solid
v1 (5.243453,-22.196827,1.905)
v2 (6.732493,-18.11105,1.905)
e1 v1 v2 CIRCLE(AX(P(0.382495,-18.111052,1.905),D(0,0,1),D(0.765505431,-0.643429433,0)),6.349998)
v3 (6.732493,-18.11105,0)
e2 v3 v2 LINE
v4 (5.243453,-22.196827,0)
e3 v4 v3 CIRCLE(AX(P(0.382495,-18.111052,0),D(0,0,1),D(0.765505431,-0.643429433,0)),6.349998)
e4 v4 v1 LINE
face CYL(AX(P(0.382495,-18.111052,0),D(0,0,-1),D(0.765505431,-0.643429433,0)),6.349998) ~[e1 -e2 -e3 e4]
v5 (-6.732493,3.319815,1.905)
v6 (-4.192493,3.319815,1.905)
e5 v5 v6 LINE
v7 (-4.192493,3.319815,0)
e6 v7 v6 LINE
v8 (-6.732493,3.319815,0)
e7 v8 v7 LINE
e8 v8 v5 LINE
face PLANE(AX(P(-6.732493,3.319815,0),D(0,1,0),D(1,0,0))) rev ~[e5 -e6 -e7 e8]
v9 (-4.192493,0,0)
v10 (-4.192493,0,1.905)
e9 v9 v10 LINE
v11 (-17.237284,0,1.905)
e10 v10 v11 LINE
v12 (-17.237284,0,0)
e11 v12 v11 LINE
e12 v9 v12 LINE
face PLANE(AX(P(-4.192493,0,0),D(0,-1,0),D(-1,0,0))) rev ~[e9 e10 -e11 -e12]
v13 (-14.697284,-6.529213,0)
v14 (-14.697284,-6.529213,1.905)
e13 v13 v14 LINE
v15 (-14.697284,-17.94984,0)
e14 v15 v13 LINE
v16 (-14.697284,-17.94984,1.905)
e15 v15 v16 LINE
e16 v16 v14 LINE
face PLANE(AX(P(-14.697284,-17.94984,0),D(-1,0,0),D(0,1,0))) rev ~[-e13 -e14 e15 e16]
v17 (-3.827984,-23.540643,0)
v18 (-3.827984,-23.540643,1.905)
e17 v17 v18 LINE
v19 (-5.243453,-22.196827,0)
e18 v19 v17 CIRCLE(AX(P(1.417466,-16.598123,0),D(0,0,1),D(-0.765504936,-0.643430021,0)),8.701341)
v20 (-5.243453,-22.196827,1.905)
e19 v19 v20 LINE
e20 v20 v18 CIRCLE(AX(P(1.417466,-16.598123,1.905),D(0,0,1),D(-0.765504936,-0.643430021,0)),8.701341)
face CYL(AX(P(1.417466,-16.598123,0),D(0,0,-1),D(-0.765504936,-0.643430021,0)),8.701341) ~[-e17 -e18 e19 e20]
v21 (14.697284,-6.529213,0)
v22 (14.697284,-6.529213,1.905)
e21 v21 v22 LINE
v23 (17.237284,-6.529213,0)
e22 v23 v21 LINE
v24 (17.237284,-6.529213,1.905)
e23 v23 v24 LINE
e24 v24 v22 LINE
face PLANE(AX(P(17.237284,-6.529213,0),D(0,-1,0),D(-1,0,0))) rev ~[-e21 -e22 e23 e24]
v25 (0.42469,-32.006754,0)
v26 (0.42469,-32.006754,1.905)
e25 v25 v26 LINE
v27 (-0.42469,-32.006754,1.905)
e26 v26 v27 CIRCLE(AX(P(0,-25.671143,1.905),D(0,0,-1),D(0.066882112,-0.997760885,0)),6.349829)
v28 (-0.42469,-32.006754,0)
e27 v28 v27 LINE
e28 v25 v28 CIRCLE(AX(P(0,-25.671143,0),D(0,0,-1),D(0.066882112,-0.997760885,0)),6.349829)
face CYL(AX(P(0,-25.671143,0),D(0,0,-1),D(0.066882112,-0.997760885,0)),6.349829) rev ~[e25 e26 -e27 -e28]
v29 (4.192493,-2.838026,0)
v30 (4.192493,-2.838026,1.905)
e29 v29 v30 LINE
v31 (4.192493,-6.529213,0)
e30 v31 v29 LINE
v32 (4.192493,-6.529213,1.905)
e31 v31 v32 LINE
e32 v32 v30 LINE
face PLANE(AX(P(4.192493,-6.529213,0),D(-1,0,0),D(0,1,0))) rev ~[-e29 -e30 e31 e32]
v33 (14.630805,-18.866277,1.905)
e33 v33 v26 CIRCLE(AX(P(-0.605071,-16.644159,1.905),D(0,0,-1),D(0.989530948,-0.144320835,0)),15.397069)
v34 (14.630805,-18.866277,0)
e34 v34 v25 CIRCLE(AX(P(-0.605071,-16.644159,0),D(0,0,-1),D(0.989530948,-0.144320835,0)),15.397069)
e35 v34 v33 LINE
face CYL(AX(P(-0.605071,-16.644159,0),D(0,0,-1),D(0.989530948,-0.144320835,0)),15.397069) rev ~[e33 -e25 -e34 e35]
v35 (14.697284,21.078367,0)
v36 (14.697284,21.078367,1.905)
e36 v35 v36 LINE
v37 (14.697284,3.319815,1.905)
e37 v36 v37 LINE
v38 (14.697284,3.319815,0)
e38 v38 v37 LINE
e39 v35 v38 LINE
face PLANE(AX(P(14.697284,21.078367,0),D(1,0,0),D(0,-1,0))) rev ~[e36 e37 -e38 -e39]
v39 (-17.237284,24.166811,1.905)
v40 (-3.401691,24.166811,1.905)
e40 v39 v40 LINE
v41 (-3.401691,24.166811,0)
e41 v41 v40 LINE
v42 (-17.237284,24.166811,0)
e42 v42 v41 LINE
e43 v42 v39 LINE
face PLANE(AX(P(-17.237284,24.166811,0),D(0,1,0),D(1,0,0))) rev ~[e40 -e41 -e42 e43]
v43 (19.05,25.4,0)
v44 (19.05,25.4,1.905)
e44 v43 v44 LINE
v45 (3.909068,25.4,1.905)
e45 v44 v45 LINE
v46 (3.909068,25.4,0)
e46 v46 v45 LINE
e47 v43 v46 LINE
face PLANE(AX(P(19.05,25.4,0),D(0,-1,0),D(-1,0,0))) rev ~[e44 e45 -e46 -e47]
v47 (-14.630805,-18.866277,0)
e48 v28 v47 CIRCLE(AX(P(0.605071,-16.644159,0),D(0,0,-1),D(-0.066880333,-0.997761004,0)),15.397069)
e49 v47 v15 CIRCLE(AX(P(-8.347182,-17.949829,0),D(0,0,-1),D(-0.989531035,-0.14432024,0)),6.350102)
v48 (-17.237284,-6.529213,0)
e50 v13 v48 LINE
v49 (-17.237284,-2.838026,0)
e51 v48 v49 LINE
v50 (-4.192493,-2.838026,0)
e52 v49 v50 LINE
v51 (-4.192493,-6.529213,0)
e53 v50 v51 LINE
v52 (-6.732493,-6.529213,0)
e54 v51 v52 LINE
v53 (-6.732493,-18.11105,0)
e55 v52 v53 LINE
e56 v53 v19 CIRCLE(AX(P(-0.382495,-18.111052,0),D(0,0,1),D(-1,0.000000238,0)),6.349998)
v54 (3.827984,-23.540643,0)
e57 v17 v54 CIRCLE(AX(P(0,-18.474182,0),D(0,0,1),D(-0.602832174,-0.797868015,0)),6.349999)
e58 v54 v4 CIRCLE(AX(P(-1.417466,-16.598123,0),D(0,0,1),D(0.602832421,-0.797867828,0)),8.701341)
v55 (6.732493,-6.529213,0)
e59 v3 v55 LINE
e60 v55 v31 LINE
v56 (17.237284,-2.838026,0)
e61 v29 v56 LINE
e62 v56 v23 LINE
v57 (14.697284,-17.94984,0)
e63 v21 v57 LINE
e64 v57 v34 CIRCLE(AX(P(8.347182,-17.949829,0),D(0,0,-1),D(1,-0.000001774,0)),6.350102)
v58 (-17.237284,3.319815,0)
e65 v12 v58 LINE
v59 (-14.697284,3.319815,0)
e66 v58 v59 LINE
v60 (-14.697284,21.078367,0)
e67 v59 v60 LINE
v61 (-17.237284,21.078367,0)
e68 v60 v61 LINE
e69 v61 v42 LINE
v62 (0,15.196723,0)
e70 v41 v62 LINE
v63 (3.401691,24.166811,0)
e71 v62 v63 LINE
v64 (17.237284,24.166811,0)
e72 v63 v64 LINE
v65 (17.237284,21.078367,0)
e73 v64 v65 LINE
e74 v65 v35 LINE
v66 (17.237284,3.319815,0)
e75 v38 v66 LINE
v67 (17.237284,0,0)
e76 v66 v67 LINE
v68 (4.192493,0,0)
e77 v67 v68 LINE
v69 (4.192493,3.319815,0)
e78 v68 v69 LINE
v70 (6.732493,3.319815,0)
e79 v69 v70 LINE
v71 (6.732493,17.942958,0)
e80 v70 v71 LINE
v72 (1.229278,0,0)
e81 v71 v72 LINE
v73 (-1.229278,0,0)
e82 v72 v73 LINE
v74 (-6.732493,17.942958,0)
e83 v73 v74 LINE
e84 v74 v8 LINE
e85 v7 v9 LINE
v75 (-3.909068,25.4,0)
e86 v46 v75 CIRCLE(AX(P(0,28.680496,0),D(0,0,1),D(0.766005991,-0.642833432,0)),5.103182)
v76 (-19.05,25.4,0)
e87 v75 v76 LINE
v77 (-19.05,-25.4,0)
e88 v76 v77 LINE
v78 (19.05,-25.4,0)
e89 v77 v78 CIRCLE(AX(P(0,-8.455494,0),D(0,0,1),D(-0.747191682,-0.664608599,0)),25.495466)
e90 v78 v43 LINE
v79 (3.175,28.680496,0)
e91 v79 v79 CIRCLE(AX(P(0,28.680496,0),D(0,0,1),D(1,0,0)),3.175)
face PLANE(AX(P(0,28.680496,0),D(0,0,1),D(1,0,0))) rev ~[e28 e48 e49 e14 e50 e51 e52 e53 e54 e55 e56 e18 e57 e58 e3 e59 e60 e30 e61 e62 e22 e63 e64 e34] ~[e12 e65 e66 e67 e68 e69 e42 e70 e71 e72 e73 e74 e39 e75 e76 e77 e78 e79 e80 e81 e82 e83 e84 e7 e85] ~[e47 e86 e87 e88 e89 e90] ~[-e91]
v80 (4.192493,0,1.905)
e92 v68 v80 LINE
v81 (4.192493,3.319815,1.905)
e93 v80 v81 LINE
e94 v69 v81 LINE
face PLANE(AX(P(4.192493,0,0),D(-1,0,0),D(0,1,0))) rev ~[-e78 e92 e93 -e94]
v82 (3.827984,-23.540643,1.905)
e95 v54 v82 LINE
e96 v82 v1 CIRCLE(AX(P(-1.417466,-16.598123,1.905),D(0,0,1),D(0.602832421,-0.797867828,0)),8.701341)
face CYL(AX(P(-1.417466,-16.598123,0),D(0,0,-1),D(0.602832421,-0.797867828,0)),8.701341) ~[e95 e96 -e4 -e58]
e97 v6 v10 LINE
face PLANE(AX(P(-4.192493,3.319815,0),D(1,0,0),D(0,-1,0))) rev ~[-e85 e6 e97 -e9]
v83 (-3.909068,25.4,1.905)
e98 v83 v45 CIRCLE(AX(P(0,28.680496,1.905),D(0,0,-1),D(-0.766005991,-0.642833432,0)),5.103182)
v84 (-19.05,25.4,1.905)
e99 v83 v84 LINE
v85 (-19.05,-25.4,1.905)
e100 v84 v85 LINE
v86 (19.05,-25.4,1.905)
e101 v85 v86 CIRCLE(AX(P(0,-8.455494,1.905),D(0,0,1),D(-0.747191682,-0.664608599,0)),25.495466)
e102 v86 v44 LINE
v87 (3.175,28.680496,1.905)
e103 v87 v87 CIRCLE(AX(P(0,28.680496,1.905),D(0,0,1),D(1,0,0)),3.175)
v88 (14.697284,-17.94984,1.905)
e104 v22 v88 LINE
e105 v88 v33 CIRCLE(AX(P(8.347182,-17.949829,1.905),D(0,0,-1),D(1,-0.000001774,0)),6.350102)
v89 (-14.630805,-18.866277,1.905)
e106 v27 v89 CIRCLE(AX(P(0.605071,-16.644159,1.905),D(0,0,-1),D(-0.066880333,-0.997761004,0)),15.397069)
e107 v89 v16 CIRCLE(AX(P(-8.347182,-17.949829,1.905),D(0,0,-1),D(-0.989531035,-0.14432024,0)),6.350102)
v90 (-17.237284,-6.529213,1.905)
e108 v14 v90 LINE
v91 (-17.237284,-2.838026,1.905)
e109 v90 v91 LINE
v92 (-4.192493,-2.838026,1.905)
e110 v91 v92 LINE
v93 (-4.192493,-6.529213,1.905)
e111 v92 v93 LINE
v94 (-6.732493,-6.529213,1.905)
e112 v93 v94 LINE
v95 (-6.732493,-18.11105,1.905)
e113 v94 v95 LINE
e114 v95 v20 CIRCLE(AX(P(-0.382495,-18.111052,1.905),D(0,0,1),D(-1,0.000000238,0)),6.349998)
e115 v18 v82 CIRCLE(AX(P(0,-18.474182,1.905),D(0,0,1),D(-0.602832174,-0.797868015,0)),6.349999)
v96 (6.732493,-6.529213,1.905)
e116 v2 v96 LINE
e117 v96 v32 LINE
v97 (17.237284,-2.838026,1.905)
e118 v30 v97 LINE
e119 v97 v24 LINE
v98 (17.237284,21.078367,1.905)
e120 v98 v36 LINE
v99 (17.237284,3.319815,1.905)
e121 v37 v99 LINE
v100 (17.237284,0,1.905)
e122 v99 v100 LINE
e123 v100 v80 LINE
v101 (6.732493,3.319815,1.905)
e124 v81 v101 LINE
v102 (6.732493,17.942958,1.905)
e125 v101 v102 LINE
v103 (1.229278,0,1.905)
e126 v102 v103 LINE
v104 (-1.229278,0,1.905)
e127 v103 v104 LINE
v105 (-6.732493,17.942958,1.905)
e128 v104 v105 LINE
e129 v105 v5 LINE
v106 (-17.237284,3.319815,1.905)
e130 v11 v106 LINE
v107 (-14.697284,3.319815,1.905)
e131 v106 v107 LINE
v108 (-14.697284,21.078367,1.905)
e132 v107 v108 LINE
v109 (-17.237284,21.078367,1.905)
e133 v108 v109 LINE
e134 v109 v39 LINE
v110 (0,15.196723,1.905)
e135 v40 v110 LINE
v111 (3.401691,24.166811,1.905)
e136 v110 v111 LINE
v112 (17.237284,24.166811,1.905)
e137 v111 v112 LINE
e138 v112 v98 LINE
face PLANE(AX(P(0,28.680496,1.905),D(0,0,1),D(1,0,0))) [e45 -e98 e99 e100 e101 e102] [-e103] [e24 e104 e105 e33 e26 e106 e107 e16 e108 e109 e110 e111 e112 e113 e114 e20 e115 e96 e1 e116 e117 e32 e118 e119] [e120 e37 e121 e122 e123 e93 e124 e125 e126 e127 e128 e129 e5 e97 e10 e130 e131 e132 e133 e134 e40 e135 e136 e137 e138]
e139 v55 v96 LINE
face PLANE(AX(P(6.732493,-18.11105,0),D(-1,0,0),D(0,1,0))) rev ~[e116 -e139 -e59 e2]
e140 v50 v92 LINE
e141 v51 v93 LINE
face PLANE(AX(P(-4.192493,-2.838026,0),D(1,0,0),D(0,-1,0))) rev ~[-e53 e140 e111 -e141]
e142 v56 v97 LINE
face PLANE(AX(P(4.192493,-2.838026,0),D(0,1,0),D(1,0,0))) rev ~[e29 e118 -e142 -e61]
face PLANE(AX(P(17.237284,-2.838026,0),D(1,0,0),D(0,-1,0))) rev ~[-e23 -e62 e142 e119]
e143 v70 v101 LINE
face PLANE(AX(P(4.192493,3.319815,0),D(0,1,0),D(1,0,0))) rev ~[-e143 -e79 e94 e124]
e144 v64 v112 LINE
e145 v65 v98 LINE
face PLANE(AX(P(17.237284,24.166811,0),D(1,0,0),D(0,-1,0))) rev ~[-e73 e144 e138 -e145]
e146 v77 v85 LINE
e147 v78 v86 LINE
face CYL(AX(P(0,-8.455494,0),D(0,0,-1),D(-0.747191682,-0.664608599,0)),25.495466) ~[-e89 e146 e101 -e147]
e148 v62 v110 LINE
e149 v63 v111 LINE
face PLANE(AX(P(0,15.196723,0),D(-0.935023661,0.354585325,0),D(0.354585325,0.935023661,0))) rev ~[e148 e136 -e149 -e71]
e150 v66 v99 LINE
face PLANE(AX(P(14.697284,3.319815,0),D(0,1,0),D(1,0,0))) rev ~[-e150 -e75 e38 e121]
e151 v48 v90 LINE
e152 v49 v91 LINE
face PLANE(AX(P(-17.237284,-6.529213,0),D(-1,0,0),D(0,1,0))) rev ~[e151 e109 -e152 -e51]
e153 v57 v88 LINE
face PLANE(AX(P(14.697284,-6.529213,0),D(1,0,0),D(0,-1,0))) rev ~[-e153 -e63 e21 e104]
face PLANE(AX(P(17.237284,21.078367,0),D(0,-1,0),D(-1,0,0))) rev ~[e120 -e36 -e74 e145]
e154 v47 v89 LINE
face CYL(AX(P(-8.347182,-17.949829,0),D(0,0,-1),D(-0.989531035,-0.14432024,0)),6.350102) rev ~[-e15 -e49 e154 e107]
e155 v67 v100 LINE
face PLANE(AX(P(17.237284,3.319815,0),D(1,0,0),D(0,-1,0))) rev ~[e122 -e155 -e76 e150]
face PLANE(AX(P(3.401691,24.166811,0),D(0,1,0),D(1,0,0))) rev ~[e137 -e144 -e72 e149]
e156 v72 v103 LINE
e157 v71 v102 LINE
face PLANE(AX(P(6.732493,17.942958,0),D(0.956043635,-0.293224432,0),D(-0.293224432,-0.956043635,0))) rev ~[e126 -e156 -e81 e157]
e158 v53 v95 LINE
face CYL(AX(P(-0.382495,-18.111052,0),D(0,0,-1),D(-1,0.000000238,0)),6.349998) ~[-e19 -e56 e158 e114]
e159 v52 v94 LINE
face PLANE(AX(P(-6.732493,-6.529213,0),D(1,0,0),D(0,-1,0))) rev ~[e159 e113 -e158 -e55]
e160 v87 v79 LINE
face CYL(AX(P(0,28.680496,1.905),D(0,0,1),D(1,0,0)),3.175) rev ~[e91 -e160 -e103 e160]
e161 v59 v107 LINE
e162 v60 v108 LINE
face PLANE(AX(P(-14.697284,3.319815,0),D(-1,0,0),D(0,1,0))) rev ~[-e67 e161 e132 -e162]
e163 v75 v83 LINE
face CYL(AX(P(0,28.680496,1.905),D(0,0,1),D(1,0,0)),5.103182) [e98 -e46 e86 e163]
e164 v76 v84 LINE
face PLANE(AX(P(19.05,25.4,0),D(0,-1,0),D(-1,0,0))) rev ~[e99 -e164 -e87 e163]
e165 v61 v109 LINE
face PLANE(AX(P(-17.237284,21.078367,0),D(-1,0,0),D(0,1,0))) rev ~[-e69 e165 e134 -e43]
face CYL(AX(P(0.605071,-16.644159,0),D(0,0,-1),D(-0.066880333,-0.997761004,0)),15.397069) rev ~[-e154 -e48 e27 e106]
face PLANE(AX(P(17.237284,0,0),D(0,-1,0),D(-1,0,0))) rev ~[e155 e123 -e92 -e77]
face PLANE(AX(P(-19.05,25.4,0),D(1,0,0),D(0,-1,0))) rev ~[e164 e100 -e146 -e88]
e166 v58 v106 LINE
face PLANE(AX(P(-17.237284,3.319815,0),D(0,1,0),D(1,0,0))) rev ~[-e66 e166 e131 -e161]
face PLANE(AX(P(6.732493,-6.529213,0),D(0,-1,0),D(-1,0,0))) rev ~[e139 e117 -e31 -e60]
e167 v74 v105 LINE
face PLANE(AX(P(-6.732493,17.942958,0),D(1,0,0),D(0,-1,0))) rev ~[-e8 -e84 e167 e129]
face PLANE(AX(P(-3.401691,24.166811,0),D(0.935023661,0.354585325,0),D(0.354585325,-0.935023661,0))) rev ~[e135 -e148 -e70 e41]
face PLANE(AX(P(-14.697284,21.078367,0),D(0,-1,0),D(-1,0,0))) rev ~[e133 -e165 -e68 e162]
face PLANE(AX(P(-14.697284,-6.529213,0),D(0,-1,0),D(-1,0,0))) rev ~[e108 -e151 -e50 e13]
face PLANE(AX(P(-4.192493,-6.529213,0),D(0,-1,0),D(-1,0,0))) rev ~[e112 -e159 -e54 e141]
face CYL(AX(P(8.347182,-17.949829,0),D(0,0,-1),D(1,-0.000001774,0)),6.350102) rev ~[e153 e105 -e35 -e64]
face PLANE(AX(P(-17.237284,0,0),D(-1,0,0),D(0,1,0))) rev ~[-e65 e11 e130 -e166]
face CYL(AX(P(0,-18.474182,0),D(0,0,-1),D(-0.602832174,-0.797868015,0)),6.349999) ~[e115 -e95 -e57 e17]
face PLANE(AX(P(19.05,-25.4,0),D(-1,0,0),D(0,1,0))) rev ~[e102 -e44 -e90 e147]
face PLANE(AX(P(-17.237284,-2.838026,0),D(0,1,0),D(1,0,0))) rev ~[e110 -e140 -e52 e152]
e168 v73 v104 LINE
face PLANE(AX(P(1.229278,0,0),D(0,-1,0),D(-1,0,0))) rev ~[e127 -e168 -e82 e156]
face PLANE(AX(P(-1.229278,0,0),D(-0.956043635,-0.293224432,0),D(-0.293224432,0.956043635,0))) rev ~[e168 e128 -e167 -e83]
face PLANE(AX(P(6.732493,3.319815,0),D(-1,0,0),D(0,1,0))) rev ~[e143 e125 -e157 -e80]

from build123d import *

# Parameters (mm, degrees)
F1_DEPTH = 1.905
F2_R     = 5.103182
F2_R_2   = 3.175
F3_DEPTH = 1.905


with BuildPart() as f1:
    # F0 (on Top) → F1 (new body)
    with BuildSketch(Plane.XY):
        with BuildLine():
            Line((19.05, -25.4), (19.05, 25.4))
            Line((19.05, 25.4), (-19.05, 25.4))
            Line((-19.05, 25.4), (-19.05, -25.4))
            ThreePointArc((-19.05, -25.4), (0, -33.95096), (19.05, -25.4))
        make_face()
        with BuildLine():
            Line((-17.237284, -2.838026), (-4.192493, -2.838026))
            Line((-4.192493, -2.838026), (-4.192493, -6.529213))
            Line((-4.192493, -6.529213), (-6.732493, -6.529213))
            Line((-6.732493, -6.529213), (-6.732493, -18.11105))
            ThreePointArc((-6.732493, -18.11105), (-6.348631, -20.285378), (-5.243453, -22.196827))
            ThreePointArc((-5.243453, -22.196827), (-4.573516, -22.908548), (-3.827984, -23.540643))
            ThreePointArc((-3.827984, -23.540643), (0, -24.824181), (3.827984, -23.540643))
            ThreePointArc((3.827984, -23.540643), (4.573516, -22.908548), (5.243453, -22.196827))
            ThreePointArc((5.243453, -22.196827), (6.348631, -20.285378), (6.732493, -18.11105))
            Line((6.732493, -18.11105), (6.732493, -6.529213))
            Line((6.732493, -6.529213), (4.192493, -6.529213))
            Line((4.192493, -6.529213), (4.192493, -2.838026))
            Line((4.192493, -2.838026), (17.237284, -2.838026))
            Line((17.237284, -2.838026), (17.237284, -6.529213))
            Line((17.237284, -6.529213), (14.697284, -6.529213))
            Line((14.697284, -6.529213), (14.697284, -17.94984))
            ThreePointArc((14.697284, -17.94984), (14.680642, -18.409263), (14.630805, -18.866277))
            ThreePointArc((14.630805, -18.866277), (9.850108, -27.94721), (0.42469, -32.006754))
            ThreePointArc((0.42469, -32.006754), (0, -32.020972), (-0.42469, -32.006754))
            ThreePointArc((-0.42469, -32.006754), (-9.850108, -27.94721), (-14.630805, -18.866277))
            ThreePointArc((-14.630805, -18.866277), (-14.680642, -18.409263), (-14.697284, -17.94984))
            Line((-14.697284, -17.94984), (-14.697284, -6.529213))
            Line((-14.697284, -6.529213), (-17.237284, -6.529213))
            Line((-17.237284, -6.529213), (-17.237284, -2.838026))
        make_face(mode=Mode.SUBTRACT)
        Polygon((-4.192493, 0), (-17.237284, 0), (-17.237284, 3.319815), (-14.697284, 3.319815), (-14.697284, 21.078367), (-17.237284, 21.078367), (-17.237284, 24.166811), (-3.401691, 24.166811), (0, 15.196723), (3.401691, 24.166811), (17.237284, 24.166811), (17.237284, 21.078367), (14.697284, 21.078367), (14.697284, 3.319815), (17.237284, 3.319815), (17.237284, 0), (4.192493, 0), (4.192493, 3.319815), (6.732493, 3.319815), (6.732493, 17.942958), (1.229278, 0), (-1.229278, 0), (-6.732493, 17.942958), (-6.732493, 3.319815), (-4.192493, 3.319815), align=None, mode=Mode.SUBTRACT)
    extrude(amount=F1_DEPTH)

    # F2 (on face) → F3 (join)
    with BuildSketch(Plane.XY.offset(1.905)):
        with Locations((0, 28.680496)):
            Circle(F2_R)
        with Locations((0, 28.680496)):
            Circle(F2_R_2, mode=Mode.SUBTRACT)
    extrude(amount=-F3_DEPTH)


solid = f1.part
